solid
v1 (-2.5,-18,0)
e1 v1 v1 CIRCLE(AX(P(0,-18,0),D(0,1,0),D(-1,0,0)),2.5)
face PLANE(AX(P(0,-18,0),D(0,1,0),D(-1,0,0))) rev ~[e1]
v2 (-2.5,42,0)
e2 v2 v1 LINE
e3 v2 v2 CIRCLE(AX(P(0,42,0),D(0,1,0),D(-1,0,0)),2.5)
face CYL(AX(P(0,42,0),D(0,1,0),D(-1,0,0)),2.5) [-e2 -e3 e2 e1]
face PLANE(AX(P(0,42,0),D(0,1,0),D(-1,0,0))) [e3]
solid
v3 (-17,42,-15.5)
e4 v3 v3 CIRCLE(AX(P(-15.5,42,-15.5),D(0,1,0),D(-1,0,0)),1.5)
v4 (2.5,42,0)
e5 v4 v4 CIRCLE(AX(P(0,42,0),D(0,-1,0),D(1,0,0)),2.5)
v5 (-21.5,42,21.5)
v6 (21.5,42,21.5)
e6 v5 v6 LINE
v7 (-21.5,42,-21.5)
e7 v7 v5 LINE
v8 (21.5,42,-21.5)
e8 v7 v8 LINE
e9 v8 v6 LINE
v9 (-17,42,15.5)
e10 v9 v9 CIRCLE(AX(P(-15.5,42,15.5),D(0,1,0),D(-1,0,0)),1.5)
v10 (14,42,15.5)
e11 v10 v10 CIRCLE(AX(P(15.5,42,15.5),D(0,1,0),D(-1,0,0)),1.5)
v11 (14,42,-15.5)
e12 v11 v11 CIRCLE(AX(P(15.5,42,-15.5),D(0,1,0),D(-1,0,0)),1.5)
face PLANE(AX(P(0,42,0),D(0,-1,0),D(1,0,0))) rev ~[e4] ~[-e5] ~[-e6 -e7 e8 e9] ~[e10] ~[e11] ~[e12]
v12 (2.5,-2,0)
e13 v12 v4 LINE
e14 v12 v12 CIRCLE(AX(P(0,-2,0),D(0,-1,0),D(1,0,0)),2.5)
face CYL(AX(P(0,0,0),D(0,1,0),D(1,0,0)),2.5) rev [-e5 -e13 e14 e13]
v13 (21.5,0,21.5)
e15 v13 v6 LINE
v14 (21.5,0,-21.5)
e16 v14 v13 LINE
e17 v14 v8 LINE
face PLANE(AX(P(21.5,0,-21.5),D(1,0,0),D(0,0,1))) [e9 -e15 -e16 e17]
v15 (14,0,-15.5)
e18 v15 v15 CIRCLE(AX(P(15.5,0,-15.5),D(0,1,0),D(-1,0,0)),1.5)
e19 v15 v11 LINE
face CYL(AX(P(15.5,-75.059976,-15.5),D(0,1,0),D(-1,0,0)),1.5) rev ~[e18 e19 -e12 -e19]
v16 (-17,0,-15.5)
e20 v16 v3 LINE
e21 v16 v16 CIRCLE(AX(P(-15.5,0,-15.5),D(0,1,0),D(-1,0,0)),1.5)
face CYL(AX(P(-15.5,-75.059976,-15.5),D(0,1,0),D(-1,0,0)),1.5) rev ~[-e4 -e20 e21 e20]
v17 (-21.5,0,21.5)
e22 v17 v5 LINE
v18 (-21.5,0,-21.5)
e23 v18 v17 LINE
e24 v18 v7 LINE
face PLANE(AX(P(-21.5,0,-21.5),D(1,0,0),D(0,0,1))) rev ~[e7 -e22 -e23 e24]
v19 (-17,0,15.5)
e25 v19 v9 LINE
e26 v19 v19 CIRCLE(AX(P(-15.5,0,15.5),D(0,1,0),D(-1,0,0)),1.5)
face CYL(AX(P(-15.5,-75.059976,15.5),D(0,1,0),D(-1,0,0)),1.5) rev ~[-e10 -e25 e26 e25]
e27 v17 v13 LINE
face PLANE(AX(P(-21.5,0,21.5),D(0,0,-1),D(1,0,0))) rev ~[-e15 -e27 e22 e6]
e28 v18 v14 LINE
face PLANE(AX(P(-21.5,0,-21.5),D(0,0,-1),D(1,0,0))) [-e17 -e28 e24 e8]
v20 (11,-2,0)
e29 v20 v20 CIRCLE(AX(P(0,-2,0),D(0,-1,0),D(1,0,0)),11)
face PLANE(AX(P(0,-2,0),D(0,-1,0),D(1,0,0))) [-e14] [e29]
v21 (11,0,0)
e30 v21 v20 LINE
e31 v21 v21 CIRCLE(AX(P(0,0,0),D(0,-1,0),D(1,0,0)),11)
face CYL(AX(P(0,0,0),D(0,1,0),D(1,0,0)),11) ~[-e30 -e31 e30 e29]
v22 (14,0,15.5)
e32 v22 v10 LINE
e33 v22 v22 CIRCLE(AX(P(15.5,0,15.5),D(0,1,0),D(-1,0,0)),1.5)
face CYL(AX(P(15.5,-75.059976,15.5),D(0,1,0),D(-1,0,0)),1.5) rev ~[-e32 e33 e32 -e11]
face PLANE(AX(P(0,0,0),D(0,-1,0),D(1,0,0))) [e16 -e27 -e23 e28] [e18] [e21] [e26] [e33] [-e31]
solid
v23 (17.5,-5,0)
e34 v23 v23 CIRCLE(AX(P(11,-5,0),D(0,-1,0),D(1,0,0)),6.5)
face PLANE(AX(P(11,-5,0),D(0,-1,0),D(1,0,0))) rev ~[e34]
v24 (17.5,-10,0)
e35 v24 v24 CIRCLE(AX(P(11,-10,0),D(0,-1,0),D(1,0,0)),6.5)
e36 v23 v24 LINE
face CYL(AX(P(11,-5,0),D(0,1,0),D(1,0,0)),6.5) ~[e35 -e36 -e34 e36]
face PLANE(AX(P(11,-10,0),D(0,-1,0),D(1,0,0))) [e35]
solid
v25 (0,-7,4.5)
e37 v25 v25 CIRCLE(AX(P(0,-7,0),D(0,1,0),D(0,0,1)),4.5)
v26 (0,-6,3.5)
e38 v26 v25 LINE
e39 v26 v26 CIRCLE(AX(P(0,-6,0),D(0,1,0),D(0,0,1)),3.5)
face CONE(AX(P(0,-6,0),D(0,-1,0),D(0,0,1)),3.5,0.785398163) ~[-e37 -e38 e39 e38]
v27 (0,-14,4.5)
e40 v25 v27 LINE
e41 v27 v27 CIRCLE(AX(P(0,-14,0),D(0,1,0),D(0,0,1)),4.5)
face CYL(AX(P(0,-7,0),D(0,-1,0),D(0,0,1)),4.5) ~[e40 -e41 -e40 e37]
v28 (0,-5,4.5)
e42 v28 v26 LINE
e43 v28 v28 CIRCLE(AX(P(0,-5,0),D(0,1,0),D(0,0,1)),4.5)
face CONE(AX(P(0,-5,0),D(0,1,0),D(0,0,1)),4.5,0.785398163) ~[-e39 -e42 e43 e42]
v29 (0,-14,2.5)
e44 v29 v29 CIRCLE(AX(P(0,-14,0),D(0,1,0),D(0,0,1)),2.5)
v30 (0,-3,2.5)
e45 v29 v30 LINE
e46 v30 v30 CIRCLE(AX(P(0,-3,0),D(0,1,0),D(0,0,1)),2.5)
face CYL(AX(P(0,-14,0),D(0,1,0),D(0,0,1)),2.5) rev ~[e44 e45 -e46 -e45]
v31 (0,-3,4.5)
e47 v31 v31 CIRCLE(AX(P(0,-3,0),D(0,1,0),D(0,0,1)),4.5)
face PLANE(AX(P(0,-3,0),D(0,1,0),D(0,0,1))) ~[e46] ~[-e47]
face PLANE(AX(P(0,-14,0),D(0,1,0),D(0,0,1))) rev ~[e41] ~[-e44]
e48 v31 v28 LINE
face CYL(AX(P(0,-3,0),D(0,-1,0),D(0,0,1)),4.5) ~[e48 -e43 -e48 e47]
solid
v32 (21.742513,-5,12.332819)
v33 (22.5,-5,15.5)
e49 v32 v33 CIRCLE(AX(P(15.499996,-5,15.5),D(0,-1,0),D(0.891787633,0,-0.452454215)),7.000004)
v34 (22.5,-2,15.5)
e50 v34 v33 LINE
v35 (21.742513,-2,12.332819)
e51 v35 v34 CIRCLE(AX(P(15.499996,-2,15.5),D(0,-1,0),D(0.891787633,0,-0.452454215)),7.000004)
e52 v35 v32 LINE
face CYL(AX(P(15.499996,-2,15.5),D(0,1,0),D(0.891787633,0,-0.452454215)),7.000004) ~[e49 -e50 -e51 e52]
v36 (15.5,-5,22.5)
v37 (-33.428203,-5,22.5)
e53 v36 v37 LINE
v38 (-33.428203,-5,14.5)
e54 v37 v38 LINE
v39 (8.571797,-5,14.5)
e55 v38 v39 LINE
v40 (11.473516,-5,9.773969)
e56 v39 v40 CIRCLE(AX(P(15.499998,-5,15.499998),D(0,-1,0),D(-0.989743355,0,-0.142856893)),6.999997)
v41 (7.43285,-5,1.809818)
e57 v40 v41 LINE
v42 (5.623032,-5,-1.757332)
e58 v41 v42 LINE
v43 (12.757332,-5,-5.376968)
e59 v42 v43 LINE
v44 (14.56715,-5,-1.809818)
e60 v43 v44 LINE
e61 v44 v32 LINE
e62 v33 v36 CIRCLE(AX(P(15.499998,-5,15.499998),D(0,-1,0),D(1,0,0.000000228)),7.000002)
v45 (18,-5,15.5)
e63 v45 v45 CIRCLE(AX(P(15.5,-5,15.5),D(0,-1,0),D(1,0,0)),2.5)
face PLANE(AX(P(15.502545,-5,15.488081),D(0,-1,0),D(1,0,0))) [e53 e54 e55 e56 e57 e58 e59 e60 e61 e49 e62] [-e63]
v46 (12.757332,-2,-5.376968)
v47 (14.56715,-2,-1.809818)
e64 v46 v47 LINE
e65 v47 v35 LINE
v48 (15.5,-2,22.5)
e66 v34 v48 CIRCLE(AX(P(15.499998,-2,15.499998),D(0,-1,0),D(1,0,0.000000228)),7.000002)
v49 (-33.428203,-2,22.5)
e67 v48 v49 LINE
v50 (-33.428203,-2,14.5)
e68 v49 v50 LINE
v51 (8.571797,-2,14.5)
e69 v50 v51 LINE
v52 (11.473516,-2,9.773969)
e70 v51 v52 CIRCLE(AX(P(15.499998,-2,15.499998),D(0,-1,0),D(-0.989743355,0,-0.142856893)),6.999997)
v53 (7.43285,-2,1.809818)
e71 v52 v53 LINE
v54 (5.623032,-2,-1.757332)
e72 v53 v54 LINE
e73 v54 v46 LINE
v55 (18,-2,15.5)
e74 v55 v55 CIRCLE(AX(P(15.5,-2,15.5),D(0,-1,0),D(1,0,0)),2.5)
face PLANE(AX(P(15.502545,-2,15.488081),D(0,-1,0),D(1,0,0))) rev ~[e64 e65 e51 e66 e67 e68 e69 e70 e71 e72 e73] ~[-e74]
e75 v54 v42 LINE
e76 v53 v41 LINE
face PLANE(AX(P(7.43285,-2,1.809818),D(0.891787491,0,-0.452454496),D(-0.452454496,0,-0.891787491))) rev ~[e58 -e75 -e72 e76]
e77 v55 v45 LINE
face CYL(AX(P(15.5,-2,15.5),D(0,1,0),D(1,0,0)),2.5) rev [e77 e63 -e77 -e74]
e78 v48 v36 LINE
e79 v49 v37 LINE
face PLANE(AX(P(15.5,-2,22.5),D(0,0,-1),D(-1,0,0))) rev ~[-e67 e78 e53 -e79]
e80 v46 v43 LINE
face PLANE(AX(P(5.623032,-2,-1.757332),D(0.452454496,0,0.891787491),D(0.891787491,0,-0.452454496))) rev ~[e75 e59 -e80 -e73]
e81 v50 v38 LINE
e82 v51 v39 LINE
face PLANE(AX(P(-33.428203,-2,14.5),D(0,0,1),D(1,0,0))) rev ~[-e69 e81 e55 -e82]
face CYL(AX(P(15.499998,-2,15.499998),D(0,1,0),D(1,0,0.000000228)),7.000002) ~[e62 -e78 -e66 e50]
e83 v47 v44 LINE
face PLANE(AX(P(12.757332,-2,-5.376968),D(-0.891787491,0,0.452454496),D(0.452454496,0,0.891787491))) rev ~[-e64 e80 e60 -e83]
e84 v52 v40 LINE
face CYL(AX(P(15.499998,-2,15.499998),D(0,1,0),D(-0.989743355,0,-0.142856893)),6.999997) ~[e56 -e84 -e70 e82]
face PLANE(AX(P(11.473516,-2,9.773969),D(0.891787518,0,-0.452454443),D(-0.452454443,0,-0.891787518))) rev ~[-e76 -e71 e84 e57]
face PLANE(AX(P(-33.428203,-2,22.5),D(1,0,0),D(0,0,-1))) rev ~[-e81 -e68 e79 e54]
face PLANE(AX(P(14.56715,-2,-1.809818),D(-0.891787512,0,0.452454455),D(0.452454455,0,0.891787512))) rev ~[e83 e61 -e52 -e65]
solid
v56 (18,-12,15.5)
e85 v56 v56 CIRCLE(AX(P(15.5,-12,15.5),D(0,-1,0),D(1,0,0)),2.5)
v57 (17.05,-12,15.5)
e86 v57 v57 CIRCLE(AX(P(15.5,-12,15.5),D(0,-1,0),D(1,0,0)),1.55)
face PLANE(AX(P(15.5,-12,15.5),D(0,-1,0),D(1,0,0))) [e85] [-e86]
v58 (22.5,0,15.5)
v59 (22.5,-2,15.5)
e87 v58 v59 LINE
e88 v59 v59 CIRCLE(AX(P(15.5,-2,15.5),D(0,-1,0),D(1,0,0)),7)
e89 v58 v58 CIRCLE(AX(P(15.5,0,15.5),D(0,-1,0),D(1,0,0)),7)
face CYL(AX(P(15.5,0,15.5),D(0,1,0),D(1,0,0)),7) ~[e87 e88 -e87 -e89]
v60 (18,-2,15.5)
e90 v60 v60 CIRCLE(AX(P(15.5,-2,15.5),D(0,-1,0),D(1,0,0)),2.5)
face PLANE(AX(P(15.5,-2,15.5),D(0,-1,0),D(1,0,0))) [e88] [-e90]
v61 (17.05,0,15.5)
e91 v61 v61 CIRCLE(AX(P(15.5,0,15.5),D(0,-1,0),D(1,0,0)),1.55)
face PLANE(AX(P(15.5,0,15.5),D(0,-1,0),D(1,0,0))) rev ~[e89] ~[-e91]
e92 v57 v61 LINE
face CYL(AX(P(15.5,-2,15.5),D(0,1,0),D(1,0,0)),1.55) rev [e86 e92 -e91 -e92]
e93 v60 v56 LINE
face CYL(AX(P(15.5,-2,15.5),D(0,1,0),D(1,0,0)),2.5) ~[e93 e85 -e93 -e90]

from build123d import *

# Parameters (mm, degrees)
F0_W      = 43
F0_H      = 43
F0_R      = 2.5
F1_DEPTH  = 42
F2_R      = 11
F2_R_2    = 2.5
F3_DEPTH  = 2
F4_D      = 3
F5_R      = 2.5
F6_DEPTH  = 60
F11_R     = 7
F11_R_2   = 1.55
F12_DEPTH = 2
F13_R     = 2.5
F13_R_2   = 1.55
F14_DEPTH = 10
F15_R     = 2.5
F16_DEPTH = 3
F17_R     = 6.5
F18_DEPTH = 5


with BuildPart() as f1:
    # F0 (on Front) → F1 (new body)
    with BuildSketch(Plane.XZ):
        Rectangle(F0_W, F0_H)
        Circle(F0_R, mode=Mode.SUBTRACT)
    extrude(amount=-F1_DEPTH)

    # F2 (on face) → F3 (join)
    with BuildSketch(Plane.XZ):
        Circle(F2_R)
        Circle(F2_R_2, mode=Mode.SUBTRACT)
    extrude(amount=F3_DEPTH)

    # F4 (through all)
    with Locations(Plane.XZ):
        with Locations((-15.5, 15.5), (15.5, 15.5), (15.5, -15.5), (-15.5, -15.5)):
            Hole(F4_D / 2)


with BuildPart() as f6:
    # F5 (on face) → F6 (new body)
    with BuildSketch(Plane(origin=(0, 42, 0), x_dir=(-1, 0, 0), z_dir=(0, 1, 0))):
        Circle(F5_R)
    extrude(amount=-F6_DEPTH)


with BuildPart() as f10:
    # F9 (on Right) → F10 (revolve)
    with BuildSketch(Plane.YZ):
        Polygon((-14, 2.5), (-3, 2.5), (-3, 4.5), (-5, 4.5), (-6, 3.5), (-7, 4.5), (-14, 4.5), align=None)
    revolve(axis=Axis((0, -18, 0), (0, 1, 0)))


with BuildPart() as f12:
    # F11 (on face) → F12 (new body)
    with BuildSketch(Plane.XZ):
        with Locations((15.5, 15.5)):
            Circle(F11_R)
        with Locations((15.5, 15.5)):
            Circle(F11_R_2, mode=Mode.SUBTRACT)
    extrude(amount=F12_DEPTH)

    # F13 (on face) → F14 (join)
    with BuildSketch(Plane.XZ.offset(2)):
        with Locations((15.5, 15.5)):
            Circle(F13_R)
        with Locations((15.5, 15.5)):
            Circle(F13_R_2, mode=Mode.SUBTRACT)
    extrude(amount=F14_DEPTH)


with BuildPart() as f16:
    # F15 (on face) → F16 (new body)
    with BuildSketch(Plane.XZ.offset(2)):
        with BuildLine():
            ThreePointArc((21.742513, 12.332819), (22.307995, 13.871748), (22.5, 15.5))
            ThreePointArc((22.5, 15.5), (20.449747, 20.449747), (15.5, 22.5))
            ThreePointArc((15.5, 22.5), (10.208497, 20.082576), (8.571797, 14.5))
            ThreePointArc((8.571797, 14.5), (9.534672, 11.837369), (11.473516, 9.773969))
            ThreePointArc((11.473516, 9.773969), (17.19252, 8.707697), (21.742513, 12.332819))
        make_face()
        with Locations((15.5, 15.5)):
            Circle(F15_R, mode=Mode.SUBTRACT)
        with BuildLine():
            ThreePointArc((8.571797, 14.5), (10.208497, 20.082576), (15.5, 22.5))
            Line((15.5, 22.5), (-33.428203, 22.5))
            Line((-33.428203, 22.5), (-33.428203, 14.5))
            Line((-33.428203, 14.5), (8.571797, 14.5))
        make_face()
        with BuildLine():
            Line((14.56715, -1.809818), (21.742513, 12.332819))
            ThreePointArc((21.742513, 12.332819), (17.19252, 8.707697), (11.473516, 9.773969))
            Line((11.473516, 9.773969), (7.43285, 1.809818))
            Line((7.43285, 1.809818), (5.623032, -1.757332))
            Line((5.623032, -1.757332), (12.757332, -5.376968))
            Line((12.757332, -5.376968), (14.56715, -1.809818))
        make_face()
    extrude(amount=F16_DEPTH)


with BuildPart() as f18:
    # F17 (on face) → F18 (new body)
    with BuildSketch(Plane.XZ.offset(5)):
        with Locations((11, 0)):
            Circle(F17_R)
    extrude(amount=F18_DEPTH)


solid = Compound([f1.part, f6.part, f10.part, f12.part, f16.part, f18.part])
